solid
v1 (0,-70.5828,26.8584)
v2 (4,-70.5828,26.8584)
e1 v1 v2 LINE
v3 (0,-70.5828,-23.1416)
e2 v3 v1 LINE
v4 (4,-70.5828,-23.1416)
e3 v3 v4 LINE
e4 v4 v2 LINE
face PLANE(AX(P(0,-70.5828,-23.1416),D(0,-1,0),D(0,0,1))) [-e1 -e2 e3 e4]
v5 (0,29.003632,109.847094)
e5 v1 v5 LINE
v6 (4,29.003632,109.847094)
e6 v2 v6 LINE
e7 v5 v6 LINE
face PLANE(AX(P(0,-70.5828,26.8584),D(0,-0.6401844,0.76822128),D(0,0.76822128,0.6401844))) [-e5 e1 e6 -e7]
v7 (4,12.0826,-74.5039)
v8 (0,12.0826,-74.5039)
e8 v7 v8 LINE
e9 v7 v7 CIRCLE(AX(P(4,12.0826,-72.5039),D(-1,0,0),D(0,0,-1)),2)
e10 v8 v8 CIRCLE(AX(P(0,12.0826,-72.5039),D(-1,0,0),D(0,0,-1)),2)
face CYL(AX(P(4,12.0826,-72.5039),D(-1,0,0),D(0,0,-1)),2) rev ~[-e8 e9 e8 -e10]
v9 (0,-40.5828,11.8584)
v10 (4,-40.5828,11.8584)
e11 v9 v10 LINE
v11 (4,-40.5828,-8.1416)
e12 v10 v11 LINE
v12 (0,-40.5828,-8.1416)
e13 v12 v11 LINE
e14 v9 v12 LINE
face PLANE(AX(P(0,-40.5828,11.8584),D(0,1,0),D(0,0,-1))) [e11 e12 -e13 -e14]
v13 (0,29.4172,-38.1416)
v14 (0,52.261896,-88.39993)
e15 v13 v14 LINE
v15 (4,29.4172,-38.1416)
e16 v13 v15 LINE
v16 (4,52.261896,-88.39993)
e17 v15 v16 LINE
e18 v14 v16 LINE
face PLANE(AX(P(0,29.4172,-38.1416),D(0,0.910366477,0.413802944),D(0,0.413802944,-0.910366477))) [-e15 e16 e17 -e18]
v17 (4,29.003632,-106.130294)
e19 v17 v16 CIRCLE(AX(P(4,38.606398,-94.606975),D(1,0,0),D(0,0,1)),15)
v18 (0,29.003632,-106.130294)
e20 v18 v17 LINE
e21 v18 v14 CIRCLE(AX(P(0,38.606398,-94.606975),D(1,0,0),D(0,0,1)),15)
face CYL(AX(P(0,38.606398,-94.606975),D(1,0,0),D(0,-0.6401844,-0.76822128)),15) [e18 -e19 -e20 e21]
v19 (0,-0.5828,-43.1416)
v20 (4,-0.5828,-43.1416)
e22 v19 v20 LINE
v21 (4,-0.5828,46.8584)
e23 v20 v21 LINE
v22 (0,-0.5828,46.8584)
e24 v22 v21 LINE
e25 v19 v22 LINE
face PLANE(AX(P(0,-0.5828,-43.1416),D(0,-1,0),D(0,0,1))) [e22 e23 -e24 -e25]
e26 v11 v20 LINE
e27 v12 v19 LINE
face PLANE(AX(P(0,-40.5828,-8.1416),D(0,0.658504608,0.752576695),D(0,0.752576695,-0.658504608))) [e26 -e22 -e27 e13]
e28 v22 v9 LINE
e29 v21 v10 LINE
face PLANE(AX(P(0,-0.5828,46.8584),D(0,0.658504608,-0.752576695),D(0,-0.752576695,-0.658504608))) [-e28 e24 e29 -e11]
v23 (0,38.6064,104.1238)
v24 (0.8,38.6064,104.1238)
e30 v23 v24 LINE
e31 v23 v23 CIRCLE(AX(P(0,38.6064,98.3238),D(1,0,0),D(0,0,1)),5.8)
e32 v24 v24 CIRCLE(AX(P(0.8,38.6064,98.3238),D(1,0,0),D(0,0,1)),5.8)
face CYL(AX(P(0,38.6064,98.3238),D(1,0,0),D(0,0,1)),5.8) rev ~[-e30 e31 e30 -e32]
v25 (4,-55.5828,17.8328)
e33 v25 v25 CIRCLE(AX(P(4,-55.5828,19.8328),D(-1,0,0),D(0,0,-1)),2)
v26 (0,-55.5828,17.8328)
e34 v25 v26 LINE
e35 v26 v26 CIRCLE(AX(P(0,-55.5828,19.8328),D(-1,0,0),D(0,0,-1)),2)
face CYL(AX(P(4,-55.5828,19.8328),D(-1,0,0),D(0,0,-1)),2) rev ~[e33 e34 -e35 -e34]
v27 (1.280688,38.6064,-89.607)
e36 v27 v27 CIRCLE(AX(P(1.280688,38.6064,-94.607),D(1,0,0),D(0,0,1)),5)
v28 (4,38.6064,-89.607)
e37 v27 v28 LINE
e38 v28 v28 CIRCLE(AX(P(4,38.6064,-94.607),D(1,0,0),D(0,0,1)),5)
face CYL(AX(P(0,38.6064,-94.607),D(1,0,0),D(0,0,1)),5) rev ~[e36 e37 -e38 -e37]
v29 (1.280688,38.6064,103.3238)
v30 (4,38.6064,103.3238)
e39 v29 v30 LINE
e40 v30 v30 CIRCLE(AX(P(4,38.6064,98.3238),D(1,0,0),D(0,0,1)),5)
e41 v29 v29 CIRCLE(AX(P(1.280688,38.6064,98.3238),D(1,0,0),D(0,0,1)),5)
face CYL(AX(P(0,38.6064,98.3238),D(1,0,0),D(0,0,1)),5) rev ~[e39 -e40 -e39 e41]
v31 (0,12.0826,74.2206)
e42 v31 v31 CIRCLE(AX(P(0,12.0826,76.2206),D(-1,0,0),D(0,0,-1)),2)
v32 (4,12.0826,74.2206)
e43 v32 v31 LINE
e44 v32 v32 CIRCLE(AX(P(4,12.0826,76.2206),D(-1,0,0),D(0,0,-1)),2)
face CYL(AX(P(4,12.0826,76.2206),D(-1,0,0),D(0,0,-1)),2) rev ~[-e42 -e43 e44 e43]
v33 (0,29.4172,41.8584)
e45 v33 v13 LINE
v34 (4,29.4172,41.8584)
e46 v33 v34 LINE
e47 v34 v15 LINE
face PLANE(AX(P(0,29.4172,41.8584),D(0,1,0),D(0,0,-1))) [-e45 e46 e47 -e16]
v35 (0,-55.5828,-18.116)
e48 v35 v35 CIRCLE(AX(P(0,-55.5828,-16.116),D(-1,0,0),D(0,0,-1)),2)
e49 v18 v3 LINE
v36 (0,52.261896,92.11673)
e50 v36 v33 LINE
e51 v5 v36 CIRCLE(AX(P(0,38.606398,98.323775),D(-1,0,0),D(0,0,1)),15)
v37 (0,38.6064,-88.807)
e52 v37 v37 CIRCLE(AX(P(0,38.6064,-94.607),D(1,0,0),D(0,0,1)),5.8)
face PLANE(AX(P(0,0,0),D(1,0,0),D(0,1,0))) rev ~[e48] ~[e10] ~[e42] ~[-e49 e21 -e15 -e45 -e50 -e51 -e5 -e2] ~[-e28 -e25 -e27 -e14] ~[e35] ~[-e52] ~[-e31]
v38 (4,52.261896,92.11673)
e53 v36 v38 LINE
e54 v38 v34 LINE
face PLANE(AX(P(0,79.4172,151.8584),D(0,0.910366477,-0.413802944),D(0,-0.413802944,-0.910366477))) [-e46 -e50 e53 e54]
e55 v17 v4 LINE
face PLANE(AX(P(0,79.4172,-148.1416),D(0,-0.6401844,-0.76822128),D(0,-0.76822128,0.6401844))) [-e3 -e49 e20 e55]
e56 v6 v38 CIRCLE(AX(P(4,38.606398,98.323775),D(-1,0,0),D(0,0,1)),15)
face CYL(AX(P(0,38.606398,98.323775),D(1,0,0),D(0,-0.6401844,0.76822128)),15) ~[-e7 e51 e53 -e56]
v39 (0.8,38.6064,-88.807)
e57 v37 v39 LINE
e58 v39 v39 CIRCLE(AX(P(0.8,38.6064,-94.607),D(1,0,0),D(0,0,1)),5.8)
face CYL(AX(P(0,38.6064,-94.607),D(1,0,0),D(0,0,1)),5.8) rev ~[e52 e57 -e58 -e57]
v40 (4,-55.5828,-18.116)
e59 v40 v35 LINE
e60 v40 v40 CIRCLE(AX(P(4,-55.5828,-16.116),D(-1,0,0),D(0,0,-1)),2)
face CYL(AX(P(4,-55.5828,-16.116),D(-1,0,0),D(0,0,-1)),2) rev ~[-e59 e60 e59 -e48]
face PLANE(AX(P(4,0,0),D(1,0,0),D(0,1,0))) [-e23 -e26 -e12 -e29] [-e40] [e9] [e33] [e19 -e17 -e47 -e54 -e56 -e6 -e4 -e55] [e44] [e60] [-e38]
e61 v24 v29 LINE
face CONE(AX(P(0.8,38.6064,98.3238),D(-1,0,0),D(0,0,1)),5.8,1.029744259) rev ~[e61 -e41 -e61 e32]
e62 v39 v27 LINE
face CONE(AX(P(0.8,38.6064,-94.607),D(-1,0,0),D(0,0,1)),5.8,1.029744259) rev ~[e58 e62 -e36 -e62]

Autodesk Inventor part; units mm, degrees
ref_plane "YZ Plane" through (0, 0, 0) normal (1, 0, 0) x (0, 1, 0)
ref_plane "XZ Plane" through (0, 0, 0) normal (0, 1, 0) x (-1, 0, 0)
ref_plane "XY Plane" through (0, 0, 0) normal (0, 0, 1) x (1, 0, 0)
sketch "Sketch1" plane through (0, 0, 0) normal (1, 0, 0) x (0, 1, 0)
  line L0 (79.4172, -148.1416) -> (-70.5828, -23.1416)
  line L1 (-70.5828, -23.1416) -> (-70.5828, 26.8584)
  line L2 (-70.5828, 26.8584) -> (79.4172, 151.8584)
  line L3 (79.4172, 151.8584) -> (29.4172, 41.8584)
  line L4 (29.4172, 41.8584) -> (29.4172, -38.1416)
  line L5 (29.4172, -38.1416) -> (79.4172, -148.1416)
  line L6 (-0.5828, -43.1416) -> (-0.5828, 46.8584)
  line L7 (-0.5828, 46.8584) -> (-40.5828, 11.8584)
  line L8 (-40.5828, 11.8584) -> (-40.5828, -8.1416)
  line L9 (-40.5828, -8.1416) -> (-0.5828, -43.1416)
  point P0 (0, 0)
  dimension "d0" = 0
  dimension "d2" = 50
  dimension "d6" = 150
  dimension "d7" = 300
  dimension "d9" = 80
  dimension "d104" = 50
  dimension "d105" = 15
  dimension "d106" = 20
  dimension "d107" = 40
  dimension "d108" = 30
  dimension "d109" = 90
extrude "Extrusion2" add sketch "Sketch1" along normal blind 4
fillet "Fillet2" radius 15 2 edges at (2, 79.4172, -148.1416) (2, 79.4172, 151.8584)
hole "Hole11" at (0, 38.6064, -94.607) direction (1, 0, 0) diameter 10 end through all
hole "Hole12" at (0, 38.6064, 98.3238) direction (1, 0, 0) diameter 10 end through all
hole "Hole13" at (0, 38.6064, -94.607) direction (1, 0, 0) diameter 11.6 depth 0.8 tip angle 118
hole "Hole14" at (0, 38.6064, 98.3238) direction (1, 0, 0) diameter 11.6 depth 0.8 tip angle 118
hole "Hole15" at (4, 12.0826, 76.2206) direction (-1, 0, 0) diameter 4 depth 8
hole "Hole16" at (4, 12.0826, -72.5039) direction (-1, 0, 0) diameter 4 depth 8
hole "Hole17" at (4, -55.5828, -16.116) direction (-1, 0, 0) diameter 4 depth 8
hole "Hole18" at (4, -55.5828, 19.8328) direction (-1, 0, 0) diameter 4 depth 8
properties part number "BaseCenterPlate"
